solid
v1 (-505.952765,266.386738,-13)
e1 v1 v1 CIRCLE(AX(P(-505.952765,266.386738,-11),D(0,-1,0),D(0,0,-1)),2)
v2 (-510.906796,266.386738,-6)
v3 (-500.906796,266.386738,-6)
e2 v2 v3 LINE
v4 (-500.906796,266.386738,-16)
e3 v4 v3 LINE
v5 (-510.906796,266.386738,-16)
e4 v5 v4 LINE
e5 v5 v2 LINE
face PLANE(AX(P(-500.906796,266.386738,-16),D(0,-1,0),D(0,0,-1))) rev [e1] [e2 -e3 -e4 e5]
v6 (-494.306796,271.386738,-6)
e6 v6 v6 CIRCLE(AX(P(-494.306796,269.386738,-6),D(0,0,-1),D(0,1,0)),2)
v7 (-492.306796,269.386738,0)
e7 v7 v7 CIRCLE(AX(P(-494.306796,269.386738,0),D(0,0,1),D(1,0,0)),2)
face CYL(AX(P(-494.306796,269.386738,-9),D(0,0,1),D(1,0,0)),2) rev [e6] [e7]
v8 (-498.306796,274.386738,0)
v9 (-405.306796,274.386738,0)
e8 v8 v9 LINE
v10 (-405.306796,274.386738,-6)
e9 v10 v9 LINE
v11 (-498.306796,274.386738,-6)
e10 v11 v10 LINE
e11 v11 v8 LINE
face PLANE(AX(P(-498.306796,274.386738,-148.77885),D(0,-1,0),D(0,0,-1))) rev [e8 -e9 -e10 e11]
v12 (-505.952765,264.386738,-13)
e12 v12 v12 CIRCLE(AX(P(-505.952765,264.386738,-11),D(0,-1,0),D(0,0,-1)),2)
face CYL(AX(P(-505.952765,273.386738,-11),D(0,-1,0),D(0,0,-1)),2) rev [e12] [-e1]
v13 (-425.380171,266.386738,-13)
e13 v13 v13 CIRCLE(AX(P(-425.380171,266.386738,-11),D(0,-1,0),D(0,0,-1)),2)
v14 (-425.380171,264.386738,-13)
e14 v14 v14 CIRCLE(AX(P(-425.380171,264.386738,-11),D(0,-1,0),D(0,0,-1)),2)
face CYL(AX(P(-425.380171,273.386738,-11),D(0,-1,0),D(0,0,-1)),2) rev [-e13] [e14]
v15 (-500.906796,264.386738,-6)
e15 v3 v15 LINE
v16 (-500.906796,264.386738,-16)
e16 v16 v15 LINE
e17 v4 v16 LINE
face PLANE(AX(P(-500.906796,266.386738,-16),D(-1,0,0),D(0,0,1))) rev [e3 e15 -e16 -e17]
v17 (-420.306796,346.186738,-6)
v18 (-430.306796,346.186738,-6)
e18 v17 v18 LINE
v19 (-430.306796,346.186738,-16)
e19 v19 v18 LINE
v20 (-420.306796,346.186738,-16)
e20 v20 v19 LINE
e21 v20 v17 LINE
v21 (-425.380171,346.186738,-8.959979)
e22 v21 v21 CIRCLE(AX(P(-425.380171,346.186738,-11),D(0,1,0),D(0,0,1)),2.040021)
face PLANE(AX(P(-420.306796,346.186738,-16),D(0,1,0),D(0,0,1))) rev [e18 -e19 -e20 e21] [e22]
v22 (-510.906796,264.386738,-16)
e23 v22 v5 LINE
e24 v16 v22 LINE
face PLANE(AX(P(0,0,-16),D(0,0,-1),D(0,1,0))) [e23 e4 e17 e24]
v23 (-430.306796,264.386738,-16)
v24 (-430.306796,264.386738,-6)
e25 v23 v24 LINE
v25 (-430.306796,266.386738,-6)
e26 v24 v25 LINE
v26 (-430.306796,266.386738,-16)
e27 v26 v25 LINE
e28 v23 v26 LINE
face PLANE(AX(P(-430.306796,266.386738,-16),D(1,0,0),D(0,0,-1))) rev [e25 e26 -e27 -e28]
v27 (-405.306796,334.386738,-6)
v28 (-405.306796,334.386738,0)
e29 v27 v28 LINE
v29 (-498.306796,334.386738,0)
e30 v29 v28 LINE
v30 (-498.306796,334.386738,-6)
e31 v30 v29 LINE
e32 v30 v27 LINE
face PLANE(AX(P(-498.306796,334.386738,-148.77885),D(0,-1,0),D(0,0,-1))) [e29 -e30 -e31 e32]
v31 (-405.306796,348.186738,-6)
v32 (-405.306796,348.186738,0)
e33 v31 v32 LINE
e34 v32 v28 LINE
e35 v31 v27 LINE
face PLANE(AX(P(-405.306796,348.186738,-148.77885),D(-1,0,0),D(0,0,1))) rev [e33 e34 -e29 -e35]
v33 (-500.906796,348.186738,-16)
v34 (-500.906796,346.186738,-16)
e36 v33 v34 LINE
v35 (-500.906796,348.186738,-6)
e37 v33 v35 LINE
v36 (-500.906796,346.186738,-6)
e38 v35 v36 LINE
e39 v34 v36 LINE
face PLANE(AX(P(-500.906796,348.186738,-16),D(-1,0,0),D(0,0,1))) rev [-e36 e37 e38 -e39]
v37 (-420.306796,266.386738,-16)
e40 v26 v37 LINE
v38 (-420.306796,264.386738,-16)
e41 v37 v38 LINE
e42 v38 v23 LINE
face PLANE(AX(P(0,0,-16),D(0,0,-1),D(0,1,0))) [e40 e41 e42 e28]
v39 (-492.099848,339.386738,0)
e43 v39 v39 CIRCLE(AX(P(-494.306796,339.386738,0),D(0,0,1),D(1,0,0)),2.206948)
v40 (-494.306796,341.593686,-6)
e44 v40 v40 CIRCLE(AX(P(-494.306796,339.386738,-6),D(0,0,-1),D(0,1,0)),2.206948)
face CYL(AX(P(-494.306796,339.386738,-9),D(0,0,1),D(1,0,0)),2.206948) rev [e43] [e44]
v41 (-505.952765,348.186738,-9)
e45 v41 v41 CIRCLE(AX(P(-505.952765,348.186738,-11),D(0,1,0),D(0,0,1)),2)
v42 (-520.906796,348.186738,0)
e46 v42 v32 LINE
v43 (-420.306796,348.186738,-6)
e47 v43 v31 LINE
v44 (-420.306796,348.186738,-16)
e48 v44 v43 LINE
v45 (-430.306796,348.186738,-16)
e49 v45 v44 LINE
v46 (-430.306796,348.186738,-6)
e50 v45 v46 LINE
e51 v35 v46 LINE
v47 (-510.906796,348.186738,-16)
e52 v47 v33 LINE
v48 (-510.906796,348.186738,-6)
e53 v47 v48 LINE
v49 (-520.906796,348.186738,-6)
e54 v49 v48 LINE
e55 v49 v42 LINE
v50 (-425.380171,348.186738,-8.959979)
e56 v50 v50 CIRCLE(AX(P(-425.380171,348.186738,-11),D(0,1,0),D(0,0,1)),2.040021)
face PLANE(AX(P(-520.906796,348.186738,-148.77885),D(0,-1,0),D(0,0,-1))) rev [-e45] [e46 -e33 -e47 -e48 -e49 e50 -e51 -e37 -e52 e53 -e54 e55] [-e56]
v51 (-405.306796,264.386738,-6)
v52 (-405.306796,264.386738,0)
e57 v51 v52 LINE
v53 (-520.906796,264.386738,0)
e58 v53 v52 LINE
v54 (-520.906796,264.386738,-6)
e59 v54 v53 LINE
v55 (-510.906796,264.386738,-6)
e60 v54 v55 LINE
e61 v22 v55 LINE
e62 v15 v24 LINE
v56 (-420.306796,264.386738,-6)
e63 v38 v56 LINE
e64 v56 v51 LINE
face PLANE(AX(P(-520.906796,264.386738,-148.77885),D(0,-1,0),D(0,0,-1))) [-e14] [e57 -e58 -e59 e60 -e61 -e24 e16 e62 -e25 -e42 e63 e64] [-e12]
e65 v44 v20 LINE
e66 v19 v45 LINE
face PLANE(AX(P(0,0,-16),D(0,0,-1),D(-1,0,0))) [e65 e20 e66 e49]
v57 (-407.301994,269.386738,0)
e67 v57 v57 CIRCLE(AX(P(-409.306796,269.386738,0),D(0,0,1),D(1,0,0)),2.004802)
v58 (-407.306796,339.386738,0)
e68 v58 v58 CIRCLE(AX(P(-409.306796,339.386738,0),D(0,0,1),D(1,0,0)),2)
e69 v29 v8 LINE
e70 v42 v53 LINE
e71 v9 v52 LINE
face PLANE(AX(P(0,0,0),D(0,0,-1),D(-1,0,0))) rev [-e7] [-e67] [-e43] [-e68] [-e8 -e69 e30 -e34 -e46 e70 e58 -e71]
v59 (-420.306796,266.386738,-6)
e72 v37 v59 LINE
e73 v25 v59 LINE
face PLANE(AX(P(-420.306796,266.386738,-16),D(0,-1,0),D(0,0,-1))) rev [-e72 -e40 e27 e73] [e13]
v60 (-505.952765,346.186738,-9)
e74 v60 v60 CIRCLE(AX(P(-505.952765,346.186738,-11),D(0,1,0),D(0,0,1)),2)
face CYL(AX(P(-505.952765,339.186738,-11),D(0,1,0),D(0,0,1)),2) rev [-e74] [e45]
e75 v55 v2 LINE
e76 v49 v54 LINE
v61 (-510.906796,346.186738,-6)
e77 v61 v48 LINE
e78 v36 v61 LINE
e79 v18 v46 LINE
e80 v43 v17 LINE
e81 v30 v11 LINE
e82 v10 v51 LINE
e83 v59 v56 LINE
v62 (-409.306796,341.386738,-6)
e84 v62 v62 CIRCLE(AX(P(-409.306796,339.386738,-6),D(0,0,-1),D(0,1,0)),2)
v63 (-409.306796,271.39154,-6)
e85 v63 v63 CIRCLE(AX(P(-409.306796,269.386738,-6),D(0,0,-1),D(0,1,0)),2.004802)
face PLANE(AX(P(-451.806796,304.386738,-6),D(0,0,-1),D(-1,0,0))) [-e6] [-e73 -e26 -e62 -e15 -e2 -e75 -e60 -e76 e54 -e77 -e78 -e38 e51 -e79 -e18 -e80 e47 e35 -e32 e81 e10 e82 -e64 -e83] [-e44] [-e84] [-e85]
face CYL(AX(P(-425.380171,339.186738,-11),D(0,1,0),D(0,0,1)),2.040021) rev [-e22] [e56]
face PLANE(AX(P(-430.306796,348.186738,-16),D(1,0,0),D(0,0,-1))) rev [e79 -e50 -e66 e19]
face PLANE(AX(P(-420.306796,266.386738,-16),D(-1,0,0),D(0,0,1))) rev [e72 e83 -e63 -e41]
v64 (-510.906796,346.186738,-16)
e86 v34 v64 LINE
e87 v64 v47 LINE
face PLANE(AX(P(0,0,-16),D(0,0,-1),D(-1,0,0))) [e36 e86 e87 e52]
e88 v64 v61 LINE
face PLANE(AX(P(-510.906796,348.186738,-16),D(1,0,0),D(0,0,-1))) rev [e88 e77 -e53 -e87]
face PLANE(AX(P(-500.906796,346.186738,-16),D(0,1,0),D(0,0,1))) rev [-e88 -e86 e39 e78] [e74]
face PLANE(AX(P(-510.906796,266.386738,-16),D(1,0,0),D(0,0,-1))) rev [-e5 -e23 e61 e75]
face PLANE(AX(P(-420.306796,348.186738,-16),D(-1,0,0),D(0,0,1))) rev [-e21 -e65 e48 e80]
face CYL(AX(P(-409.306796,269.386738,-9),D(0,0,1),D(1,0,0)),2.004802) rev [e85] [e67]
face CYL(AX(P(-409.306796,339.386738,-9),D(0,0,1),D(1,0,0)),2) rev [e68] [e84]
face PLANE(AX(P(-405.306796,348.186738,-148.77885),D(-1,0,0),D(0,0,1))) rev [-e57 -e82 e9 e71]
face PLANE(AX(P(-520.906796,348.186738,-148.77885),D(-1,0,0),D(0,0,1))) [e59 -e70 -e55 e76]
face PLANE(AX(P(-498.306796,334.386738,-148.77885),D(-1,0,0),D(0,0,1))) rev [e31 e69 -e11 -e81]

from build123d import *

# Parameters (mm, degrees)
EXTRUDE_1_DEPTH     = 6
SKETCH_2_W          = 10
SKETCH_2_H          = 2
EXTRUDE_2_DEPTH     = 10
SKETCH_3_W          = 10
SKETCH_3_H          = 2
EXTRUDE_3_DEPTH     = 10
SKETCH_4_R          = 2.040020597
SKETCH_4_R_2        = 2
CUT_EXTRUDE_1_DEPTH = 9
CUT_EXTRUDE_START   = -9
SKETCH_5_R          = 2
CUT_EXTRUDE_2_DEPTH = 9
SKETCH_7_R          = 2.206948318
SKETCH_7_R_2        = 2
SKETCH_7_R_3        = 2.004801963
CUT_EXTRUDE_3_DEPTH = 9


with BuildPart() as part:
    # 草图1 → 凸台-拉伸1 (new body)
    with BuildSketch(Plane.XY):
        Polygon((-405.306796117, 348.186737633), (-520.906796117, 348.186737633), (-520.906796117, 264.386737633), (-405.306796117, 264.386737633), (-405.306796117, 274.386737633), (-498.306796117, 274.386737633), (-498.306796117, 334.386737633), (-405.306796117, 334.386737633), align=None)
    extrude(amount=-EXTRUDE_1_DEPTH)

    # 草图2 → 凸台-拉伸2 (add)
    with BuildSketch(Plane(origin=(0, 0, -6), x_dir=(-1, 0, 0), z_dir=(0, 0, -1))):
        with Locations((505.906796117, 347.186737633)):
            Rectangle(SKETCH_2_W, SKETCH_2_H)
        with Locations((505.906796117, 265.386737633)):
            Rectangle(SKETCH_2_W, SKETCH_2_H)
    extrude(amount=EXTRUDE_2_DEPTH)

    # 草图3 → 凸台-拉伸3 (add)
    with BuildSketch(Plane(origin=(0, 0, -6), x_dir=(-1, 0, 0), z_dir=(0, 0, -1))):
        with Locations((425.306796117, 347.186737633)):
            Rectangle(SKETCH_3_W, SKETCH_3_H)
        with Locations((425.306796117, 265.386737633)):
            Rectangle(SKETCH_3_W, SKETCH_3_H)
    extrude(amount=EXTRUDE_3_DEPTH)

    # 草图4 → 切除-拉伸1 (cut)
    with BuildSketch(Plane(origin=(0, 348.186737633, 0), x_dir=(1, 0, 0), z_dir=(0, 1, 0))):
        with Locations(Location((-425.380170541, 11, 0), (0, 0, 270))):
            Circle(SKETCH_4_R)
        with Locations(Location((-505.95276467, 11, 0), (0, 0, 270))):
            Circle(SKETCH_4_R_2)
    extrude(amount=-CUT_EXTRUDE_1_DEPTH, mode=Mode.SUBTRACT)

    # 草图5 → 切除-拉伸2 (cut)
    with BuildSketch(Plane.XZ.offset(-264.386737633).offset(CUT_EXTRUDE_START)):
        with Locations(Location((-505.95276467, -11, 0), (0, 0, 90))):
            Circle(SKETCH_5_R)
        with Locations(Location((-425.380170541, -11, 0), (0, 0, 270))):
            Circle(SKETCH_5_R)
    extrude(amount=CUT_EXTRUDE_2_DEPTH, mode=Mode.SUBTRACT)

    # 草图7 → 切除-拉伸3 (cut)
    with BuildSketch(Plane.XY):
        with Locations((-494.306796117, 339.386737633)):
            Circle(SKETCH_7_R)
        with Locations((-409.306796117, 339.386737633)):
            Circle(SKETCH_7_R_2)
        with Locations((-409.306796117, 269.386737633)):
            Circle(SKETCH_7_R_3)
        with Locations((-494.306796117, 269.386737633)):
            Circle(SKETCH_7_R_2)
    extrude(amount=-CUT_EXTRUDE_3_DEPTH, mode=Mode.SUBTRACT)


solid = part.part
